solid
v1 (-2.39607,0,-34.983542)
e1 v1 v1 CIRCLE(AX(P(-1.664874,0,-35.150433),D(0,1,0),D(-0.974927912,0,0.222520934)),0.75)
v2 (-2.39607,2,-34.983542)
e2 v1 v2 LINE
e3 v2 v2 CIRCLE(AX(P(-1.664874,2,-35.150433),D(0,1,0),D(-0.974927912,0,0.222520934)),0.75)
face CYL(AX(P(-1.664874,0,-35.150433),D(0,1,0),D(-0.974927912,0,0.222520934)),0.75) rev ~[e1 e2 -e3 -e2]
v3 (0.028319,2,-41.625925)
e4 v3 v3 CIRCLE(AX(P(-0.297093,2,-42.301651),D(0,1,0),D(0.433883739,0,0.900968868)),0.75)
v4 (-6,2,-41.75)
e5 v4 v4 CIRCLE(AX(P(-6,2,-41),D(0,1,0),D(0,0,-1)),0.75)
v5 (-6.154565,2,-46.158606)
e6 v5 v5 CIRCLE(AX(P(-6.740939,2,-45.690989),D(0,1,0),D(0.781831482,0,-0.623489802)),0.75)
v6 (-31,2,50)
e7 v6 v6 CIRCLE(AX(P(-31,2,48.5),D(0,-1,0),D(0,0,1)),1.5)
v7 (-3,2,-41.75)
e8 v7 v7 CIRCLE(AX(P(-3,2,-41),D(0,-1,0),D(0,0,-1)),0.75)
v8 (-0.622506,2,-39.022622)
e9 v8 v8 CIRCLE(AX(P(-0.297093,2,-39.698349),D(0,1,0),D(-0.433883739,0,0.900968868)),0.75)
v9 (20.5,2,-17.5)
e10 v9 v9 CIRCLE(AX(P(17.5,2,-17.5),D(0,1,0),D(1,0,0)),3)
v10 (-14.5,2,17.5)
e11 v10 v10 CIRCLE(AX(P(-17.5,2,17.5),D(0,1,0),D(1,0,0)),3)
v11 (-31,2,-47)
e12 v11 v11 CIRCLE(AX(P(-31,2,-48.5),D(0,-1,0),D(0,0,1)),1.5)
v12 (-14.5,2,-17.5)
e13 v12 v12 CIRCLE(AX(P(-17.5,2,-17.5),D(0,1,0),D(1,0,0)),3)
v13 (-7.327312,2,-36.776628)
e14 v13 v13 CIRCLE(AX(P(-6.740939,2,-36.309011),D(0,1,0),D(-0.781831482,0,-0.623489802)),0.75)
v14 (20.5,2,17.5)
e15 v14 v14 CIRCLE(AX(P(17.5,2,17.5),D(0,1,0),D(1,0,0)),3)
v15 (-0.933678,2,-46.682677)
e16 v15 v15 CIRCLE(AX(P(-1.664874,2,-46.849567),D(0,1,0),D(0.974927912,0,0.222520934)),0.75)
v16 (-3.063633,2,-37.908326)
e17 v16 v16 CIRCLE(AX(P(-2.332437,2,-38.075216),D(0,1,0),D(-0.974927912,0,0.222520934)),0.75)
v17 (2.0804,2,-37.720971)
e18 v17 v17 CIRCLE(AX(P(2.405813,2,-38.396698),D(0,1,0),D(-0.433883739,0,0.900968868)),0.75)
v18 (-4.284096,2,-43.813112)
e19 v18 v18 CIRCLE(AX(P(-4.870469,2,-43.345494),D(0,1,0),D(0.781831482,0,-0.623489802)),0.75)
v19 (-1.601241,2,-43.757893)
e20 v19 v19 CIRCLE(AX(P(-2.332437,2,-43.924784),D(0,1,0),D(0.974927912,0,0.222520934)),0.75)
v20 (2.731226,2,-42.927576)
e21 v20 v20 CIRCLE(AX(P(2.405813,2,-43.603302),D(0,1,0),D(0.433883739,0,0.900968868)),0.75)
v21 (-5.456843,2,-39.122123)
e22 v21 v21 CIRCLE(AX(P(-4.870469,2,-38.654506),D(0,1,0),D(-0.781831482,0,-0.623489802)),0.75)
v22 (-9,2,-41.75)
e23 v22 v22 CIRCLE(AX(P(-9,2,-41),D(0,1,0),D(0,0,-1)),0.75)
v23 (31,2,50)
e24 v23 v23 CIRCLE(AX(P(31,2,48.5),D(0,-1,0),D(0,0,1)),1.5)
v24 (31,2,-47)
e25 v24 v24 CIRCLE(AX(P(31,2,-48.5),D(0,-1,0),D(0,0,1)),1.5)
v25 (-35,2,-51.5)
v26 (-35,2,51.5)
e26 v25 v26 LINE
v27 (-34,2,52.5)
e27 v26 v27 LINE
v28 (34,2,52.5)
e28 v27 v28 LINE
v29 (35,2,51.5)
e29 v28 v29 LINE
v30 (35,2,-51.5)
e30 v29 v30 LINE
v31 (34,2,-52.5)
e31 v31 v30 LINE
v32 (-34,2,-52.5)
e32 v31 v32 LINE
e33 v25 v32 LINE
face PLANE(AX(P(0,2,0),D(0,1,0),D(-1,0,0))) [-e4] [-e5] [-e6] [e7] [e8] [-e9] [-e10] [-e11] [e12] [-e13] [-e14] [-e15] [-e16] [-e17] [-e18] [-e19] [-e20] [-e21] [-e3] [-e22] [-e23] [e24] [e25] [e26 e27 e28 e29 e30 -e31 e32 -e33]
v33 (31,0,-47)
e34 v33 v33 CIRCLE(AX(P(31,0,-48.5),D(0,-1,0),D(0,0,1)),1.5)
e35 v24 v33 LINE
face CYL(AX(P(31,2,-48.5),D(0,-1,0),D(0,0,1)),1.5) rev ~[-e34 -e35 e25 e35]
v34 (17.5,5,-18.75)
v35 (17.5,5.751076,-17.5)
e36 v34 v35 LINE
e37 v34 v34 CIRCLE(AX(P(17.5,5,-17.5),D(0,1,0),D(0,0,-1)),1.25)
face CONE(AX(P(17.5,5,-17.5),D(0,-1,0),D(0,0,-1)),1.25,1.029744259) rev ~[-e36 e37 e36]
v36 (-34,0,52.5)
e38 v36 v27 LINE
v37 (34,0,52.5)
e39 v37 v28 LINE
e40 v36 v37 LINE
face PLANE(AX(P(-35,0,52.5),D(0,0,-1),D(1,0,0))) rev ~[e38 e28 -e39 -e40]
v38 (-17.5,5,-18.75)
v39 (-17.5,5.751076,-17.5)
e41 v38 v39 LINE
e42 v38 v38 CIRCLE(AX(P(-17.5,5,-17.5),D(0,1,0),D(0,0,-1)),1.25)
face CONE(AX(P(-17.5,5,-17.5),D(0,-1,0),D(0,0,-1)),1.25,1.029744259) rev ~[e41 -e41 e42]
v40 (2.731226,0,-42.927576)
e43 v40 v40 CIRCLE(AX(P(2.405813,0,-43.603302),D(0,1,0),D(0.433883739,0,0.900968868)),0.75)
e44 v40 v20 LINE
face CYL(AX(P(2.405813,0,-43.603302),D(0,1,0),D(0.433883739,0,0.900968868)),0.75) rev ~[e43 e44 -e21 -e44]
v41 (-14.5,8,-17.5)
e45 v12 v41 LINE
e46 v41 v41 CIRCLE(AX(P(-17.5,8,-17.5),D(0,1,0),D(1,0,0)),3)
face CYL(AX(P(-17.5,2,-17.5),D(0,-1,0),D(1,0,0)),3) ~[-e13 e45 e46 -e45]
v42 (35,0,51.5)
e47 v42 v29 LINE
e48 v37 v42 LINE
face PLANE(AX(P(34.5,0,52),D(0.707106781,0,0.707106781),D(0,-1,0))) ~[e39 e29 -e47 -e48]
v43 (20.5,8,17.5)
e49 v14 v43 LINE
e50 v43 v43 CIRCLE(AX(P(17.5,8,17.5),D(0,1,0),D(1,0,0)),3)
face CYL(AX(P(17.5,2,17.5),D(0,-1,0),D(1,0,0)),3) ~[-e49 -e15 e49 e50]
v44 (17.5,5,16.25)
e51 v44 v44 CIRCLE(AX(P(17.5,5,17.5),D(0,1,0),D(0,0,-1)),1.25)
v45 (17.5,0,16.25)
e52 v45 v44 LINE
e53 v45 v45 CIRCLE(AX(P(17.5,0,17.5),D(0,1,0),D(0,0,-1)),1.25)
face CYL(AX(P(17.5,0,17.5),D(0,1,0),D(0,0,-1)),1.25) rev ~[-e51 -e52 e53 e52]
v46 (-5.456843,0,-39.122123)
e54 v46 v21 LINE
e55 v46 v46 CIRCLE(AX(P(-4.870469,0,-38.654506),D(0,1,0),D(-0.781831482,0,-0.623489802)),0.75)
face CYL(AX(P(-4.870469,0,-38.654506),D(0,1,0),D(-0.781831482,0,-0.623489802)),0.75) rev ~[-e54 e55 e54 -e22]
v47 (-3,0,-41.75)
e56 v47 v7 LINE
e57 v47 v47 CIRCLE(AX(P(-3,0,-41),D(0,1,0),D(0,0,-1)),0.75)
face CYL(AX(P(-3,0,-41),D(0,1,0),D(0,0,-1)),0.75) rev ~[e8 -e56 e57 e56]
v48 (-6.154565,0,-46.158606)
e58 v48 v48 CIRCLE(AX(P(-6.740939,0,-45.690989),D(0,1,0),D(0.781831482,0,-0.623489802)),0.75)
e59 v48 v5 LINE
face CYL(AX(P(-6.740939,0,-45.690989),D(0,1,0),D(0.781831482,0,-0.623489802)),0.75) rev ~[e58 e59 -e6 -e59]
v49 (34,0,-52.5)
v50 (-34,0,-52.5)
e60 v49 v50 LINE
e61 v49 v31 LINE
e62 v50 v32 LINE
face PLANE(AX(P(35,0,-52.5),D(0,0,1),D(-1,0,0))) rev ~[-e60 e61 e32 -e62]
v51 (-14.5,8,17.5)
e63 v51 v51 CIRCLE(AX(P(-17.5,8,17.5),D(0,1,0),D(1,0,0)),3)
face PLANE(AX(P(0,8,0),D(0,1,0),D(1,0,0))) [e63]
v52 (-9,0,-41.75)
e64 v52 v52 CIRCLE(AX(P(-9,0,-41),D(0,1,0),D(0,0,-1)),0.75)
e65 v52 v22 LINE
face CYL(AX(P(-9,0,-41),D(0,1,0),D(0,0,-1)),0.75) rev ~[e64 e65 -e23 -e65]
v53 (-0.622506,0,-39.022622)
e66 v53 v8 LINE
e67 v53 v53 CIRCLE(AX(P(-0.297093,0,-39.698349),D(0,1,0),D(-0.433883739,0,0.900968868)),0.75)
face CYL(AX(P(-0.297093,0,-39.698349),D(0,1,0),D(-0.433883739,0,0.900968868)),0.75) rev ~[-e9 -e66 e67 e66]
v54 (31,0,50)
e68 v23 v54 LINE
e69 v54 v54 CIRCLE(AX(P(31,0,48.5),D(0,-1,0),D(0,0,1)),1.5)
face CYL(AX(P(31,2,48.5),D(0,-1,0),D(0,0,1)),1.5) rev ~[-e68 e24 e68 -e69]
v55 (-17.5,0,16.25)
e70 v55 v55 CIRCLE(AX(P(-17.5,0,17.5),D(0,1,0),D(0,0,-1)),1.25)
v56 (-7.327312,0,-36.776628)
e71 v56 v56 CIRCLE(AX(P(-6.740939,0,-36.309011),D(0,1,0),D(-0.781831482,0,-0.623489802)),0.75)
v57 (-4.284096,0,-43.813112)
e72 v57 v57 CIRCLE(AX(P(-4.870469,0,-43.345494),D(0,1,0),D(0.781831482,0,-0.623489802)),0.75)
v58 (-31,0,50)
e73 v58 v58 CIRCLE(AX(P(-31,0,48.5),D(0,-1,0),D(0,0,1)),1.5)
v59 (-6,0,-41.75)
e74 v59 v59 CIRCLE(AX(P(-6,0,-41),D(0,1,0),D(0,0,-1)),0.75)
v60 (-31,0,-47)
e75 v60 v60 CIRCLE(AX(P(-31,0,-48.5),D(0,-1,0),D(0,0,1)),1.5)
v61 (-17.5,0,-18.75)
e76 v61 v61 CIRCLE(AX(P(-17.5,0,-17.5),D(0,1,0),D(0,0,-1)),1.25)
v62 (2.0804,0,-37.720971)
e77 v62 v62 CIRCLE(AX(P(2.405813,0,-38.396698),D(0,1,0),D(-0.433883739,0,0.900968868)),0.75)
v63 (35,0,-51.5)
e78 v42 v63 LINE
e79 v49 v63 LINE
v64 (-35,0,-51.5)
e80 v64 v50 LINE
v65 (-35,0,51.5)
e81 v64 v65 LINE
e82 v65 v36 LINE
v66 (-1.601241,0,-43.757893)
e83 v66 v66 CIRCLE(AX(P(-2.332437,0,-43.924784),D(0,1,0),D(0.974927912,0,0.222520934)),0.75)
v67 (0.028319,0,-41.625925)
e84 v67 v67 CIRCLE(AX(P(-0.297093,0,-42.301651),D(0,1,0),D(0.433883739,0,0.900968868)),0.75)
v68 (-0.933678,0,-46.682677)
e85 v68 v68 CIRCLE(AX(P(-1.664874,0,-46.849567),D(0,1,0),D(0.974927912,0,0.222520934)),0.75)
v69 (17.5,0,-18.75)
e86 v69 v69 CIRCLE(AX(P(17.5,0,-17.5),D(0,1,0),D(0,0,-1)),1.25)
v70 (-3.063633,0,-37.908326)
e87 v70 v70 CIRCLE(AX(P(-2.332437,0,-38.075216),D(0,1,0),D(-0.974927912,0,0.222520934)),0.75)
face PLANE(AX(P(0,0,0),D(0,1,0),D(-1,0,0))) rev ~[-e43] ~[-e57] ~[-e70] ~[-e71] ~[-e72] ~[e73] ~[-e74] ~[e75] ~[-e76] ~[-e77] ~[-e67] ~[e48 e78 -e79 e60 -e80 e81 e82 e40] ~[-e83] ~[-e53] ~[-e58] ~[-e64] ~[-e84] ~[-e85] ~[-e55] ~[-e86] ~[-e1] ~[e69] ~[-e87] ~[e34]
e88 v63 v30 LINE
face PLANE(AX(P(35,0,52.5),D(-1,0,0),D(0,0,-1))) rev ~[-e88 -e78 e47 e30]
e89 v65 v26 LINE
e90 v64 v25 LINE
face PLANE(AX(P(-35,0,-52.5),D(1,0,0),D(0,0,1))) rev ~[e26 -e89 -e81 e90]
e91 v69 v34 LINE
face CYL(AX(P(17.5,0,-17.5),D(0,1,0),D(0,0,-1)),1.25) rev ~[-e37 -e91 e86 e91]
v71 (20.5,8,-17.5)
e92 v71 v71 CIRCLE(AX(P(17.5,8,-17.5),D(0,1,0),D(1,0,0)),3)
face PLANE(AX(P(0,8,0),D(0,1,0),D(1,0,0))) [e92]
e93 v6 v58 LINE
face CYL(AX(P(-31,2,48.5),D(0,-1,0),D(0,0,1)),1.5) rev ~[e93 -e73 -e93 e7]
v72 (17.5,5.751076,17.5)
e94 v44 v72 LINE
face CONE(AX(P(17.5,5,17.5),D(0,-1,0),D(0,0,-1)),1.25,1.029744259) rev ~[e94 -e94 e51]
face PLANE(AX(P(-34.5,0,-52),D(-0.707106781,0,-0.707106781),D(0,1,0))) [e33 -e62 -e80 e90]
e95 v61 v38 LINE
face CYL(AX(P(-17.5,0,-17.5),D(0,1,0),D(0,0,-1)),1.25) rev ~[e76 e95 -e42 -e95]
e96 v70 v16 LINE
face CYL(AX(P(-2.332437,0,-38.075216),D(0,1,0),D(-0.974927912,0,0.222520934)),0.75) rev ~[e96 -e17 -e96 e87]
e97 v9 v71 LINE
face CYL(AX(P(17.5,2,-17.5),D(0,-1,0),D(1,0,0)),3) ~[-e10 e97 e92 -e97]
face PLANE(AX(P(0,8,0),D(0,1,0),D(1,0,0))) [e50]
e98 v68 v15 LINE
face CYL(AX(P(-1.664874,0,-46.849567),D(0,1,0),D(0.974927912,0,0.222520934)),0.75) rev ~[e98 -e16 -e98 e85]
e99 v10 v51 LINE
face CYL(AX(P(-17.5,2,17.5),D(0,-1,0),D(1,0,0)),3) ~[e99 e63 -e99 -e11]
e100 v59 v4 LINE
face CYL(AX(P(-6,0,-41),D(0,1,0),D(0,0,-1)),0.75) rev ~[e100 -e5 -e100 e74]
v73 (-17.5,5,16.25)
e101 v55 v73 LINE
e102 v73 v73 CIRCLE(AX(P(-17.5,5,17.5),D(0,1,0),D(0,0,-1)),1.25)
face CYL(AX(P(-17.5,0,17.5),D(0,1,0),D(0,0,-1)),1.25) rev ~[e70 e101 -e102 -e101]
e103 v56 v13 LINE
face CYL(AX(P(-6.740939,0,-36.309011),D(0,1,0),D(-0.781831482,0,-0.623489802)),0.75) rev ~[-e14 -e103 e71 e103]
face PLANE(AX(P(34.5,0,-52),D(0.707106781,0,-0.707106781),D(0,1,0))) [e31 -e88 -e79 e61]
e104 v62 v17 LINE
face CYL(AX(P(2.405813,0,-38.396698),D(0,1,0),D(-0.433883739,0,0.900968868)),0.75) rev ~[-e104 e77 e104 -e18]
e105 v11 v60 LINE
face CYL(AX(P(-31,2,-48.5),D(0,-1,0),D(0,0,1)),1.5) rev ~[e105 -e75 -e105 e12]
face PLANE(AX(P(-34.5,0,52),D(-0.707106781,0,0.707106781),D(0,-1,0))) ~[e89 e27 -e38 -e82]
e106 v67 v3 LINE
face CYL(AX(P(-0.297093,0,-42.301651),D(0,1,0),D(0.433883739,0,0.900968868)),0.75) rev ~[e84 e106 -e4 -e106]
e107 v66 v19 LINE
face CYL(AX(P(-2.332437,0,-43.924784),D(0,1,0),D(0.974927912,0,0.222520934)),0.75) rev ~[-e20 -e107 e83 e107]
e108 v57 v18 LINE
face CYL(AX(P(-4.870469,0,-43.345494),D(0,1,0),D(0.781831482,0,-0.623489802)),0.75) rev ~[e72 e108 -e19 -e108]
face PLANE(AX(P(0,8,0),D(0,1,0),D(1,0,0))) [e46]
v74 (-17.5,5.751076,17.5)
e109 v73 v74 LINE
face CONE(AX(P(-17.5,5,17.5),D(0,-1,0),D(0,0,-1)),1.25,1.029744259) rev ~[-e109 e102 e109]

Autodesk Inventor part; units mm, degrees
ref_plane "YZ Plane" through (0, 0, 0) normal (1, 0, 0) x (0, 1, 0)
ref_plane "XZ Plane" through (0, 0, 0) normal (0, 1, 0) x (-1, 0, 0)
ref_plane "XY Plane" through (0, 0, 0) normal (0, 0, 1) x (1, 0, 0)
sketch "Skizze1" plane through (0, 0, 0) normal (0, 1, 0) x (-1, 0, 0)
  line L0 (35, 52.5) -> (-35, 52.5)
  line L1 (-35, 52.5) -> (-35, -52.5)
  line L2 (-35, -52.5) -> (35, -52.5)
  line L3 (35, -52.5) -> (35, 52.5)
  point P0 (0, 0)
  point P1 (35, 0)
  point P2 (0, 52.5)
  dimension "d0" = 70
  dimension "d1" = 105
extrude "Extrusion1" add sketch "Skizze1" along normal blind 2
sketch "Skizze3" plane through (0, 2, 0) normal (0, 1, 0) x (1, 0, 0)
  line L0 (31, 48.5) -> (-31, 48.5) construction
  line L1 (-31, 48.5) -> (-31, -48.5) construction
  line L2 (-31, -48.5) -> (31, -48.5) construction
  line L3 (31, -48.5) -> (31, 48.5) construction
  line L4 (35, -52.5) -> (35, 52.5) construction
  line L5 (35, 52.5) -> (-35, 52.5) construction
  line L6 (-35, 52.5) -> (-35, -52.5) construction
  line L7 (-35, -52.5) -> (35, -52.5) construction
  point P0 (0, 0)
  point P1 (31, 0)
  point P2 (0, 48.5)
  dimension "d27" = 105
  dimension "d28" = 70
  dimension "d29" = 62
  dimension "d30" = 97
hole "Bohrung1" at (31, 2, 48.5) at (-31, 2, 48.5) at (-31, 2, -48.5) at (31, 2, -48.5) direction (0, -1, 0) diameter 3 end through all
sketch "Skizze5" plane through (0, 2, 0) normal (0, 1, 0) x (1, 0, 0)
  line L0 (0, 40.5) -> (-2, 40.5)
  line L1 (-2, 40.5) -> (-2, 20.5)
  line L2 (-2, 20.5) -> (0, 20.5)
  line L3 (0, 20.5) -> (0, 40.5)
  line L4 (0, 10.5) -> (-7, 10.5)
  line L5 (-7, 10.5) -> (-7, 8.5)
  line L6 (-7, 8.5) -> (0, 8.5)
  line L7 (0, 8.5) -> (0, 10.5)
  circle A0 centre (-31, 48.5) radius 1.5 construction
  circle A1 centre (31, -48.5) radius 1.5 construction
  circle A2 centre (-31, -48.5) radius 1.5 construction
  circle A3 centre (31, 48.5) radius 1.5 construction
  line L8 (35, -52.5) -> (35, 52.5) construction
  line L9 (35, 52.5) -> (-35, 52.5) construction
  line L10 (-35, 52.5) -> (-35, -52.5) construction
  line L11 (-35, -52.5) -> (35, -52.5) construction
  line L12 (-7, 20.5) -> (-5, 20.5)
  line L13 (-5, 20.5) -> (-5, 40.5)
  line L14 (-5, 40.5) -> (-7, 40.5)
  line L15 (-7, 40.5) -> (-7, 20.5)
  point P0 (0, 0)
  point P1 (-1, 20.5)
  dimension "d45" = 2
  dimension "d46" = 42
  dimension "d48" = 20
  dimension "d49" = 7
  dimension "d51" = 0
  dimension "d56" = 10
  dimension "d57" = 3
  dimension "d58" = 20
  dimension "d59" = 0
extrude "Extrusion5" [suppressed]
sketch "Skizze6" plane through (0, 2, 0) normal (0, 1, 0) x (1, 0, 0)
  line L0 (-17.5, 17.5) -> (17.5, 17.5) construction
  line L1 (17.5, 17.5) -> (17.5, -17.5) construction
  line L2 (17.5, -17.5) -> (-17.5, -17.5) construction
  line L3 (-17.5, -17.5) -> (-17.5, 17.5) construction
  circle A0 centre (-17.5, 17.5) radius 3
  circle A1 centre (-17.5, -17.5) radius 3
  circle A2 centre (17.5, -17.5) radius 3
  circle A3 centre (17.5, 17.5) radius 3
  point P0 (0, 0)
  point P1 (-17.5, 0)
  point P2 (0, 17.5)
  dimension "d60" = 35
  dimension "d61" = 6
  dimension "d62" = 6
  dimension "d63" = 6
  dimension "d64" = 6
extrude "Extrusion6" add sketch "Skizze6" along normal blind 6
sketch "Skizze7" plane through (0, 0, 0) normal (0, -1, 0) x (1, 0, 0)
  circle A0 centre (-17.5, 17.5) radius 3 construction
  circle A1 centre (-17.5, -17.5) radius 3 construction
  arc A2 (20.5, -17.5) -> (20.5, -17.5) centre (17.5, -17.5) ccw construction
  arc A3 (20.5, 17.5) -> (20.5, 17.5) centre (17.5, 17.5) ccw construction
  point P0 (0, 0)
  point P1 (20, -17.5)
  point P2 (20, 17.5)
hole "Bohrung2" at (-17.5, 0, 17.5) at (-17.5, 0, -17.5) at (17.5, 0, -17.5) at (17.5, 0, 17.5) direction (0, 1, 0) diameter 2.5 depth 5 tip angle 118
chamfer "Fase1" distance 1 angle 45 4 edges at (-35, 1, 52.5) (35, 1, 52.5) (35, 1, -52.5) (-35, 1, -52.5)
sketch "Skizze10" plane through (0, 0, 0) normal (0, -1, 0) x (1, 0, 0)
  point P0 (0, 0)
  point P1 (-3, -41)
  point P2 (-6, -41)
  point P3 (-9, -41)
  dimension "d105" = 41
  dimension "d106" = 3
  dimension "d107" = 3
  dimension "d108" = 3
hole "Bohrung3" at (-3, 0, -41) at (-6, 0, -41) at (-9, 0, -41) direction (0, 1, 0) diameter 1.5 depth 5 tip angle 118
pattern_circular "Runde Anordnung1" count 7 over 360 about axis through (-3, 2.5, -41) along (0, -1, 0) of "Bohrung3"
equation "\"d62\" = d61"
equation "\"d63\" = d61"
equation "\"d64\" = d61"
properties part number "Case_bottom" material "PC/ABS-Kunststoff"
